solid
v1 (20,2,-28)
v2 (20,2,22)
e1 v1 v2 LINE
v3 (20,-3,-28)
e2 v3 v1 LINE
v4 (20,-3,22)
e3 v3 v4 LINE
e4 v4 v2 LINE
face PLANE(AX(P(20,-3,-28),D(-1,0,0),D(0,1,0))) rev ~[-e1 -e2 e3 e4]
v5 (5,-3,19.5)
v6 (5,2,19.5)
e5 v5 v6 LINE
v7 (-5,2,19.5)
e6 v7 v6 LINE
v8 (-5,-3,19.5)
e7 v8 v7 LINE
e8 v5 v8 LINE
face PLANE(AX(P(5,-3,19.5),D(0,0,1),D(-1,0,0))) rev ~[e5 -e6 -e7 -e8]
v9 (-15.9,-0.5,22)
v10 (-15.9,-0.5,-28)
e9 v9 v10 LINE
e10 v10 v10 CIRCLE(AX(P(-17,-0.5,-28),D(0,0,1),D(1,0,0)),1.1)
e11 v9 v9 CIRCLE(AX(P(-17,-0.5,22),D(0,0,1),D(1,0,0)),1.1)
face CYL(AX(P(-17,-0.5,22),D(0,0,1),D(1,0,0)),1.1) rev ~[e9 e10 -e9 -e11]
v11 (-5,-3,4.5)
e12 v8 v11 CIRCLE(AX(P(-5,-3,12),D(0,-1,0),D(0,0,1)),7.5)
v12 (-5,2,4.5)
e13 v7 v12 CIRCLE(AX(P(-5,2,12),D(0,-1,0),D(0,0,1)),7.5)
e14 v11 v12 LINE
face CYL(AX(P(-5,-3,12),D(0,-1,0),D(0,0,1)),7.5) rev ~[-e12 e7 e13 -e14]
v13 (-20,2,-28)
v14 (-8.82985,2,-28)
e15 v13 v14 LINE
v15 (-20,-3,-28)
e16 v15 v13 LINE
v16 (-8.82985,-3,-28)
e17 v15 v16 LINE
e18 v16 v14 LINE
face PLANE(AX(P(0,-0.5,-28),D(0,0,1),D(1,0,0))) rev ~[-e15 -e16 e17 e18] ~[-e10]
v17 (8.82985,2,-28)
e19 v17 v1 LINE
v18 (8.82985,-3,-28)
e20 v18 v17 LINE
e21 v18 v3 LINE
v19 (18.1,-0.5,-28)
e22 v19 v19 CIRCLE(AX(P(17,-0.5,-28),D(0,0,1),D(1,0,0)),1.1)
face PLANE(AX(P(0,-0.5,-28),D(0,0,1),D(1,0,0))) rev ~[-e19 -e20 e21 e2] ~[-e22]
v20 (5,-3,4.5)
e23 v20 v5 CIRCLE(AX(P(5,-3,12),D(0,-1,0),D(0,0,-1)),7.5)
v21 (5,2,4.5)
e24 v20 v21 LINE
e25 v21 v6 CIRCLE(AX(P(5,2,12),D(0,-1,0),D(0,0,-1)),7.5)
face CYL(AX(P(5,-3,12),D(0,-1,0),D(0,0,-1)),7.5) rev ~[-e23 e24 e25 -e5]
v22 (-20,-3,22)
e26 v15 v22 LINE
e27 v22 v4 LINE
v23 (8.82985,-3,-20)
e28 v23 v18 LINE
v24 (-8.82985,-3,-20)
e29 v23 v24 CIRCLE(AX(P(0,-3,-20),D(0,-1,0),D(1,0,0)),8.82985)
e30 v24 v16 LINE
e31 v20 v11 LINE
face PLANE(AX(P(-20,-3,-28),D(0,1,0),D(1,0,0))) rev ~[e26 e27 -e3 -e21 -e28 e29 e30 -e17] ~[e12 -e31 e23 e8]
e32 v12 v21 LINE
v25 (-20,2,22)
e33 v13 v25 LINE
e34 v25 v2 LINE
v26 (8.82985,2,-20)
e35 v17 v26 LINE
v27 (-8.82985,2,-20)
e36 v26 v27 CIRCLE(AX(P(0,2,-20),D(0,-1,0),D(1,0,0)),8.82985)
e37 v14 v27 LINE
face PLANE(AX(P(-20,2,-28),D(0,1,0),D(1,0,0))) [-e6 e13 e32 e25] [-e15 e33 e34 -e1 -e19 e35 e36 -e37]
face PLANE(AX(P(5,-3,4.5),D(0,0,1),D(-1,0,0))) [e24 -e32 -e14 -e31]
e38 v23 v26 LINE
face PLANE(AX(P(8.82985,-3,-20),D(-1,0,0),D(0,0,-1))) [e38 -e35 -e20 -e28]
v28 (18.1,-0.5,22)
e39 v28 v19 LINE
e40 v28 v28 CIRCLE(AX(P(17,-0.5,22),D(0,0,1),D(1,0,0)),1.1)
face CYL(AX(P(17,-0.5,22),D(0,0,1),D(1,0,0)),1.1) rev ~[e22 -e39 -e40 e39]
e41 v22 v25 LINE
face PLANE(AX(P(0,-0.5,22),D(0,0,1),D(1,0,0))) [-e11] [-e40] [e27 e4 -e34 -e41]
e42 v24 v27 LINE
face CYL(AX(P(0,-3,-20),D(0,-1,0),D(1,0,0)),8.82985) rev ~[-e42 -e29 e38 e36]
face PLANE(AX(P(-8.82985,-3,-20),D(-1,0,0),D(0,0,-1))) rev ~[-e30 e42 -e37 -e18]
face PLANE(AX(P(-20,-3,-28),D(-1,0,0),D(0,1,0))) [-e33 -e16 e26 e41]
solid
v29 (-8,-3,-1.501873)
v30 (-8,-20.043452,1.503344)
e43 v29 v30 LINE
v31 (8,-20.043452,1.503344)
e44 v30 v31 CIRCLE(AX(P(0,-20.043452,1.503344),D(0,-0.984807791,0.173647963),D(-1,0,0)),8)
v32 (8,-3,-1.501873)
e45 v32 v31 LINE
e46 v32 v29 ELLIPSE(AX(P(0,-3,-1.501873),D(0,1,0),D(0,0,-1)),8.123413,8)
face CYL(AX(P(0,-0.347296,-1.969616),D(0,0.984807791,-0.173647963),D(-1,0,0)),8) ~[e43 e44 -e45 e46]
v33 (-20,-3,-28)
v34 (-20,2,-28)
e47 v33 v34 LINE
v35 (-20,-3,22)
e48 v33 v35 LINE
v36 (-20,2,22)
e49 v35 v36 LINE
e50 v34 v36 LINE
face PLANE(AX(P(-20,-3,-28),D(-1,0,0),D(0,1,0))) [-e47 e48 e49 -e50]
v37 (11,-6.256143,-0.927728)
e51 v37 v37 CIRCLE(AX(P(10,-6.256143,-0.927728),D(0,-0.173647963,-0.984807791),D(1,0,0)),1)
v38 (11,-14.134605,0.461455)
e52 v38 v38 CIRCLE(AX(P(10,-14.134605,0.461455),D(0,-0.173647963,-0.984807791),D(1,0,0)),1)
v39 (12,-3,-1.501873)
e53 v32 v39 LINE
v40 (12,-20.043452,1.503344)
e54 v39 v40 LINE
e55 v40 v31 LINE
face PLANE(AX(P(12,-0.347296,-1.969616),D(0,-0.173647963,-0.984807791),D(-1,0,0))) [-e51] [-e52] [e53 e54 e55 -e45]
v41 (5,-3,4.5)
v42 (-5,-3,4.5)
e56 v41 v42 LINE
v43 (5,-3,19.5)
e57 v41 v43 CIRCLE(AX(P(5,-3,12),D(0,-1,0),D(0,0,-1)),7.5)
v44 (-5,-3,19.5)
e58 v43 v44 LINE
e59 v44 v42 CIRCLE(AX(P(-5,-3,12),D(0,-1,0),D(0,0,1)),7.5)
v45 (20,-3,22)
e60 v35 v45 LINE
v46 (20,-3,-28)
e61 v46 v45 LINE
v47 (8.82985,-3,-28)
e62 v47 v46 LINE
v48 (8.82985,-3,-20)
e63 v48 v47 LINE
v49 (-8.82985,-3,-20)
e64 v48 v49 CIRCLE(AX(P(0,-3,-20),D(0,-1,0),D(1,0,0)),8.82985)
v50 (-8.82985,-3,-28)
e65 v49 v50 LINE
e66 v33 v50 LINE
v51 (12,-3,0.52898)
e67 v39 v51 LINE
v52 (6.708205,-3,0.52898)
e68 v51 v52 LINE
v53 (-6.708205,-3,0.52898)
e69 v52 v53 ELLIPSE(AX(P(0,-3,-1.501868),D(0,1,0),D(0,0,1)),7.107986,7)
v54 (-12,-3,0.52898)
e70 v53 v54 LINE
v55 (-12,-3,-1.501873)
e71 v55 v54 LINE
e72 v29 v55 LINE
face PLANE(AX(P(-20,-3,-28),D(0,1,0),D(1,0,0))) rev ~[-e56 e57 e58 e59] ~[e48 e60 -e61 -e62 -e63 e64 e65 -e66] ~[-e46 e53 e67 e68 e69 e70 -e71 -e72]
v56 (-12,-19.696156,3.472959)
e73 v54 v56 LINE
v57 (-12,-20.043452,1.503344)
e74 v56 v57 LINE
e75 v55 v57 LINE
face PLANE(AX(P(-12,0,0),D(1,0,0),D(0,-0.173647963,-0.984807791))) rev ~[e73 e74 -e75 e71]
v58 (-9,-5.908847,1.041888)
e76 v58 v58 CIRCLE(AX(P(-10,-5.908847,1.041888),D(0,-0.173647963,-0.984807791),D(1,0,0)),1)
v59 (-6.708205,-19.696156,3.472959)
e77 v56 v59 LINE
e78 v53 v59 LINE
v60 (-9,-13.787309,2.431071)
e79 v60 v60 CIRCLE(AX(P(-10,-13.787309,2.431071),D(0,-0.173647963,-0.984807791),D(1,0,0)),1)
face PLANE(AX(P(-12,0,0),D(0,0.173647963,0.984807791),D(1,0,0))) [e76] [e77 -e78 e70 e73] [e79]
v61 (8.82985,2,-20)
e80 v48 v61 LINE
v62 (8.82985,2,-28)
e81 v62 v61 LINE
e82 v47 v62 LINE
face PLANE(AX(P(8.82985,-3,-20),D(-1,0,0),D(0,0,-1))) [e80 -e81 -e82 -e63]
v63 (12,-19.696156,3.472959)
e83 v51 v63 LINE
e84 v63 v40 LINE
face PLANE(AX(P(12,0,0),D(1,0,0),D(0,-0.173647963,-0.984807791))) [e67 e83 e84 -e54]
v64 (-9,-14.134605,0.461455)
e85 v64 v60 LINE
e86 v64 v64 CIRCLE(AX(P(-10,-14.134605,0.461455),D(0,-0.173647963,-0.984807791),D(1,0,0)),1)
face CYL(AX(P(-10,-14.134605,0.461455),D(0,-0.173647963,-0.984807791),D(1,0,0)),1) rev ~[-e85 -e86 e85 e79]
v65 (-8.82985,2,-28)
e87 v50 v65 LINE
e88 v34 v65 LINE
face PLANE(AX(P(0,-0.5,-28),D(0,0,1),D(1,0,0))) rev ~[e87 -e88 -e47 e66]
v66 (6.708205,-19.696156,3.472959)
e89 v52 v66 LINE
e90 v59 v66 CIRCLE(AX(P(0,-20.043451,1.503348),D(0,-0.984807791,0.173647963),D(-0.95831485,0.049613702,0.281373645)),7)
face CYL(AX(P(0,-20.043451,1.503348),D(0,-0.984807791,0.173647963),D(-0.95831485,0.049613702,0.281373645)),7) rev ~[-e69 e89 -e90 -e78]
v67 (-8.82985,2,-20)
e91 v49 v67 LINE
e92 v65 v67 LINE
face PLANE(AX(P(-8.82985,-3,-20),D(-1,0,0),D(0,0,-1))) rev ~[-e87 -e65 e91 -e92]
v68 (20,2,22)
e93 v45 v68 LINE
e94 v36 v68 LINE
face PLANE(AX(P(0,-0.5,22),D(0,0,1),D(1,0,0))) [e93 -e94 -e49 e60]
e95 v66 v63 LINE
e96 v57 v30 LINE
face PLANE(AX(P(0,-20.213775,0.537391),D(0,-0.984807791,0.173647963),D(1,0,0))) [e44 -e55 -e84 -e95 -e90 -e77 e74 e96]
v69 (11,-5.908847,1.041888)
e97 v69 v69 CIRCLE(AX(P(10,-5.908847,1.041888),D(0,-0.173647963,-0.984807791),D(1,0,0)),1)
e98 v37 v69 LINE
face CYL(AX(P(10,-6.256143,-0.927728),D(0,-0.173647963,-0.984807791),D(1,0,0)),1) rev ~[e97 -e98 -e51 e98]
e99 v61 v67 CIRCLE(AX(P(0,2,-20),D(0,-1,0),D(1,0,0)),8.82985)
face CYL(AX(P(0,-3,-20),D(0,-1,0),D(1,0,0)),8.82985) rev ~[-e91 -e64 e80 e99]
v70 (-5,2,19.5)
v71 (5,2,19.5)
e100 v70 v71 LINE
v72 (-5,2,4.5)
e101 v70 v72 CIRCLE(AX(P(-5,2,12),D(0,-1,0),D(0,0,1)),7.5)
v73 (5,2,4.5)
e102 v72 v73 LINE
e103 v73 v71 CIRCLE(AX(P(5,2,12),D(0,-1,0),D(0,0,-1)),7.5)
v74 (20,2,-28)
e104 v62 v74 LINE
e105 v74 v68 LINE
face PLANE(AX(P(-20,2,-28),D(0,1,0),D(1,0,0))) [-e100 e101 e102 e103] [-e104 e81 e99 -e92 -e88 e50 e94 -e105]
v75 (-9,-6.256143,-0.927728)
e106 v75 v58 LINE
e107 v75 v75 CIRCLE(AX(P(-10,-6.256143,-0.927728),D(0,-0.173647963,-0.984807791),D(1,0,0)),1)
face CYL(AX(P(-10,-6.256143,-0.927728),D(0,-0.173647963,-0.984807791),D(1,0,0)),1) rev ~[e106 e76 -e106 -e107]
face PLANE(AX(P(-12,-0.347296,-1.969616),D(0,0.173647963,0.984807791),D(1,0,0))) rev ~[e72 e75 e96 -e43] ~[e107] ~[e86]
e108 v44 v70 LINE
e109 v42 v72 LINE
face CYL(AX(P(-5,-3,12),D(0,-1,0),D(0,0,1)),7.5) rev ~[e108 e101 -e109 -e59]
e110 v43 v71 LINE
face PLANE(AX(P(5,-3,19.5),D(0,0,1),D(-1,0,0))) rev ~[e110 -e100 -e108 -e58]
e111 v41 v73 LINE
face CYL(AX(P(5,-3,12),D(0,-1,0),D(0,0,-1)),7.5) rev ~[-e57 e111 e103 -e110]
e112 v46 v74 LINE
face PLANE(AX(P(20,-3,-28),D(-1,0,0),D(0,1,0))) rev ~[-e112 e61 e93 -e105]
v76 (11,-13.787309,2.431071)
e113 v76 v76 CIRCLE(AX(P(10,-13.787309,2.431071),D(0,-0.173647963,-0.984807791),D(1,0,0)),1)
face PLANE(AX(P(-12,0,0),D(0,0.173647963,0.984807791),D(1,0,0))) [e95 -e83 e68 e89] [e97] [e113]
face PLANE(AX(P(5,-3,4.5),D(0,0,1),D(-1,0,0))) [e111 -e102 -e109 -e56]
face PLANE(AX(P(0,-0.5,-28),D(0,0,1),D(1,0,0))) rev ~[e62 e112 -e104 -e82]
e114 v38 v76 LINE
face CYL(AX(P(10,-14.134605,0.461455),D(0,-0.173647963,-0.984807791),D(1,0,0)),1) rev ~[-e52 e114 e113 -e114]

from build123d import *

# Parameters (mm, degrees)
BOX_W           = 40
BOX_H           = 5
BOX_DEPTH       = 50
POCKET003_DEPTH = 5.001
PAD_DEPTH       = 20
POCKET_DEPTH    = 21.711101
SKETCH002_R     = 1
POCKET001_DEPTH = 5.421201
POCKET002_DEPTH = 24.001
SKETCH006_R     = 1.1
POCKET004_DEPTH = 50.001


with BuildPart() as pocket003:
    # Box → Box (new body)
    with BuildSketch(Plane(origin=(-20, -3, -28), x_dir=(1, 0, 0), z_dir=(0, 0, 1))):
        with Locations((20, 2.5)):
            Rectangle(BOX_W, BOX_H)
    extrude(amount=BOX_DEPTH)

    # Sketch005 → Pocket003 (cut, through all)
    with BuildSketch(Plane(origin=(-20, -3, -28), x_dir=(1, 0, 0), z_dir=(0, -1, 0))):
        with BuildLine():
            ThreePointArc((25, 32.5), (32.5, 40), (25, 47.5))
            Line((25, 47.5), (15, 47.5))
            ThreePointArc((15, 47.5), (7.5, 40), (15, 32.5))
            Line((25, 32.5), (15, 32.5))
        make_face()
        with BuildLine():
            ThreePointArc((28.82985, 8), (20, 16.82985), (11.17015, 8))
            Line((11.17015, 8), (11.17015, 0))
            Line((11.17015, 0), (28.82985, 0))
            Line((28.82985, 8), (28.82985, 0))
        make_face()
    extrude(amount=-POCKET003_DEPTH, mode=Mode.SUBTRACT)


with BuildPart() as fusion001:
    # Sketch → Pad (new body)
    with BuildSketch(Plane(origin=(0, 0, 0), x_dir=(1, 0, 0), z_dir=(0, -0.984808, 0.173648))):
        with BuildLine():
            Line((-12, 0), (-12, -2))
            Line((-12, -2), (-8, -2))
            ThreePointArc((-8, -2), (0, -10), (8, -2))
            Line((12, -2), (8, -2))
            Line((12, 0), (12, -2))
            Line((-12, 0), (12, 0))
        make_face()
    extrude(amount=PAD_DEPTH)

    # Sketch001 → Pocket (cut, through all)
    with BuildSketch(Plane(origin=(0, -19.696155, 3.472964), x_dir=(1, 0, 0), z_dir=(0, -0.984808, 0.173648))):
        with BuildLine():
            ThreePointArc((-6.708204, 0), (0, -9), (6.708204, 0))
            Line((-6.708204, 0), (6.708204, 0))
        make_face()
    extrude(amount=-POCKET_DEPTH, mode=Mode.SUBTRACT)

    # Sketch002 → Pocket001 (cut, through all)
    with BuildSketch(Plane(origin=(0, -0.347296, -1.969616), x_dir=(1, 0, 0), z_dir=(0, -0.173648, -0.984808))):
        with Locations((-10, 14)):
            Circle(SKETCH002_R)
        with Locations((-10, 6)):
            Circle(SKETCH002_R)
        with Locations((10, 14)):
            Circle(SKETCH002_R)
        with Locations((10, 6)):
            Circle(SKETCH002_R)
    extrude(amount=-POCKET001_DEPTH, mode=Mode.SUBTRACT)

    # Sketch003 → Pocket002 (cut, through all)
    with BuildSketch(Plane(origin=(12, 0, 0), x_dir=(0, 0.173648, 0.984808), z_dir=(1, 0, 0))):
        Polygon((-10, 0), (0, 1.76327), (0, 0), align=None)
    extrude(amount=-POCKET002_DEPTH, mode=Mode.SUBTRACT)

    # Fusion001: union Pocket003
    add(pocket003.part)


with BuildPart() as pocket004:
    # Pocket004 base: copy of Pocket003
    add(pocket003.part)

    # Sketch006 → Pocket004 (cut, through all)
    with BuildSketch(Plane(origin=(-20, -3, 22), x_dir=(1, 0, 0), z_dir=(0, 0, 1))):
        with Locations((3, 2.5)):
            Circle(SKETCH006_R)
        with Locations((37, 2.5)):
            Circle(SKETCH006_R)
    extrude(amount=-POCKET004_DEPTH, mode=Mode.SUBTRACT)


solid = Compound([fusion001.part, pocket004.part])
